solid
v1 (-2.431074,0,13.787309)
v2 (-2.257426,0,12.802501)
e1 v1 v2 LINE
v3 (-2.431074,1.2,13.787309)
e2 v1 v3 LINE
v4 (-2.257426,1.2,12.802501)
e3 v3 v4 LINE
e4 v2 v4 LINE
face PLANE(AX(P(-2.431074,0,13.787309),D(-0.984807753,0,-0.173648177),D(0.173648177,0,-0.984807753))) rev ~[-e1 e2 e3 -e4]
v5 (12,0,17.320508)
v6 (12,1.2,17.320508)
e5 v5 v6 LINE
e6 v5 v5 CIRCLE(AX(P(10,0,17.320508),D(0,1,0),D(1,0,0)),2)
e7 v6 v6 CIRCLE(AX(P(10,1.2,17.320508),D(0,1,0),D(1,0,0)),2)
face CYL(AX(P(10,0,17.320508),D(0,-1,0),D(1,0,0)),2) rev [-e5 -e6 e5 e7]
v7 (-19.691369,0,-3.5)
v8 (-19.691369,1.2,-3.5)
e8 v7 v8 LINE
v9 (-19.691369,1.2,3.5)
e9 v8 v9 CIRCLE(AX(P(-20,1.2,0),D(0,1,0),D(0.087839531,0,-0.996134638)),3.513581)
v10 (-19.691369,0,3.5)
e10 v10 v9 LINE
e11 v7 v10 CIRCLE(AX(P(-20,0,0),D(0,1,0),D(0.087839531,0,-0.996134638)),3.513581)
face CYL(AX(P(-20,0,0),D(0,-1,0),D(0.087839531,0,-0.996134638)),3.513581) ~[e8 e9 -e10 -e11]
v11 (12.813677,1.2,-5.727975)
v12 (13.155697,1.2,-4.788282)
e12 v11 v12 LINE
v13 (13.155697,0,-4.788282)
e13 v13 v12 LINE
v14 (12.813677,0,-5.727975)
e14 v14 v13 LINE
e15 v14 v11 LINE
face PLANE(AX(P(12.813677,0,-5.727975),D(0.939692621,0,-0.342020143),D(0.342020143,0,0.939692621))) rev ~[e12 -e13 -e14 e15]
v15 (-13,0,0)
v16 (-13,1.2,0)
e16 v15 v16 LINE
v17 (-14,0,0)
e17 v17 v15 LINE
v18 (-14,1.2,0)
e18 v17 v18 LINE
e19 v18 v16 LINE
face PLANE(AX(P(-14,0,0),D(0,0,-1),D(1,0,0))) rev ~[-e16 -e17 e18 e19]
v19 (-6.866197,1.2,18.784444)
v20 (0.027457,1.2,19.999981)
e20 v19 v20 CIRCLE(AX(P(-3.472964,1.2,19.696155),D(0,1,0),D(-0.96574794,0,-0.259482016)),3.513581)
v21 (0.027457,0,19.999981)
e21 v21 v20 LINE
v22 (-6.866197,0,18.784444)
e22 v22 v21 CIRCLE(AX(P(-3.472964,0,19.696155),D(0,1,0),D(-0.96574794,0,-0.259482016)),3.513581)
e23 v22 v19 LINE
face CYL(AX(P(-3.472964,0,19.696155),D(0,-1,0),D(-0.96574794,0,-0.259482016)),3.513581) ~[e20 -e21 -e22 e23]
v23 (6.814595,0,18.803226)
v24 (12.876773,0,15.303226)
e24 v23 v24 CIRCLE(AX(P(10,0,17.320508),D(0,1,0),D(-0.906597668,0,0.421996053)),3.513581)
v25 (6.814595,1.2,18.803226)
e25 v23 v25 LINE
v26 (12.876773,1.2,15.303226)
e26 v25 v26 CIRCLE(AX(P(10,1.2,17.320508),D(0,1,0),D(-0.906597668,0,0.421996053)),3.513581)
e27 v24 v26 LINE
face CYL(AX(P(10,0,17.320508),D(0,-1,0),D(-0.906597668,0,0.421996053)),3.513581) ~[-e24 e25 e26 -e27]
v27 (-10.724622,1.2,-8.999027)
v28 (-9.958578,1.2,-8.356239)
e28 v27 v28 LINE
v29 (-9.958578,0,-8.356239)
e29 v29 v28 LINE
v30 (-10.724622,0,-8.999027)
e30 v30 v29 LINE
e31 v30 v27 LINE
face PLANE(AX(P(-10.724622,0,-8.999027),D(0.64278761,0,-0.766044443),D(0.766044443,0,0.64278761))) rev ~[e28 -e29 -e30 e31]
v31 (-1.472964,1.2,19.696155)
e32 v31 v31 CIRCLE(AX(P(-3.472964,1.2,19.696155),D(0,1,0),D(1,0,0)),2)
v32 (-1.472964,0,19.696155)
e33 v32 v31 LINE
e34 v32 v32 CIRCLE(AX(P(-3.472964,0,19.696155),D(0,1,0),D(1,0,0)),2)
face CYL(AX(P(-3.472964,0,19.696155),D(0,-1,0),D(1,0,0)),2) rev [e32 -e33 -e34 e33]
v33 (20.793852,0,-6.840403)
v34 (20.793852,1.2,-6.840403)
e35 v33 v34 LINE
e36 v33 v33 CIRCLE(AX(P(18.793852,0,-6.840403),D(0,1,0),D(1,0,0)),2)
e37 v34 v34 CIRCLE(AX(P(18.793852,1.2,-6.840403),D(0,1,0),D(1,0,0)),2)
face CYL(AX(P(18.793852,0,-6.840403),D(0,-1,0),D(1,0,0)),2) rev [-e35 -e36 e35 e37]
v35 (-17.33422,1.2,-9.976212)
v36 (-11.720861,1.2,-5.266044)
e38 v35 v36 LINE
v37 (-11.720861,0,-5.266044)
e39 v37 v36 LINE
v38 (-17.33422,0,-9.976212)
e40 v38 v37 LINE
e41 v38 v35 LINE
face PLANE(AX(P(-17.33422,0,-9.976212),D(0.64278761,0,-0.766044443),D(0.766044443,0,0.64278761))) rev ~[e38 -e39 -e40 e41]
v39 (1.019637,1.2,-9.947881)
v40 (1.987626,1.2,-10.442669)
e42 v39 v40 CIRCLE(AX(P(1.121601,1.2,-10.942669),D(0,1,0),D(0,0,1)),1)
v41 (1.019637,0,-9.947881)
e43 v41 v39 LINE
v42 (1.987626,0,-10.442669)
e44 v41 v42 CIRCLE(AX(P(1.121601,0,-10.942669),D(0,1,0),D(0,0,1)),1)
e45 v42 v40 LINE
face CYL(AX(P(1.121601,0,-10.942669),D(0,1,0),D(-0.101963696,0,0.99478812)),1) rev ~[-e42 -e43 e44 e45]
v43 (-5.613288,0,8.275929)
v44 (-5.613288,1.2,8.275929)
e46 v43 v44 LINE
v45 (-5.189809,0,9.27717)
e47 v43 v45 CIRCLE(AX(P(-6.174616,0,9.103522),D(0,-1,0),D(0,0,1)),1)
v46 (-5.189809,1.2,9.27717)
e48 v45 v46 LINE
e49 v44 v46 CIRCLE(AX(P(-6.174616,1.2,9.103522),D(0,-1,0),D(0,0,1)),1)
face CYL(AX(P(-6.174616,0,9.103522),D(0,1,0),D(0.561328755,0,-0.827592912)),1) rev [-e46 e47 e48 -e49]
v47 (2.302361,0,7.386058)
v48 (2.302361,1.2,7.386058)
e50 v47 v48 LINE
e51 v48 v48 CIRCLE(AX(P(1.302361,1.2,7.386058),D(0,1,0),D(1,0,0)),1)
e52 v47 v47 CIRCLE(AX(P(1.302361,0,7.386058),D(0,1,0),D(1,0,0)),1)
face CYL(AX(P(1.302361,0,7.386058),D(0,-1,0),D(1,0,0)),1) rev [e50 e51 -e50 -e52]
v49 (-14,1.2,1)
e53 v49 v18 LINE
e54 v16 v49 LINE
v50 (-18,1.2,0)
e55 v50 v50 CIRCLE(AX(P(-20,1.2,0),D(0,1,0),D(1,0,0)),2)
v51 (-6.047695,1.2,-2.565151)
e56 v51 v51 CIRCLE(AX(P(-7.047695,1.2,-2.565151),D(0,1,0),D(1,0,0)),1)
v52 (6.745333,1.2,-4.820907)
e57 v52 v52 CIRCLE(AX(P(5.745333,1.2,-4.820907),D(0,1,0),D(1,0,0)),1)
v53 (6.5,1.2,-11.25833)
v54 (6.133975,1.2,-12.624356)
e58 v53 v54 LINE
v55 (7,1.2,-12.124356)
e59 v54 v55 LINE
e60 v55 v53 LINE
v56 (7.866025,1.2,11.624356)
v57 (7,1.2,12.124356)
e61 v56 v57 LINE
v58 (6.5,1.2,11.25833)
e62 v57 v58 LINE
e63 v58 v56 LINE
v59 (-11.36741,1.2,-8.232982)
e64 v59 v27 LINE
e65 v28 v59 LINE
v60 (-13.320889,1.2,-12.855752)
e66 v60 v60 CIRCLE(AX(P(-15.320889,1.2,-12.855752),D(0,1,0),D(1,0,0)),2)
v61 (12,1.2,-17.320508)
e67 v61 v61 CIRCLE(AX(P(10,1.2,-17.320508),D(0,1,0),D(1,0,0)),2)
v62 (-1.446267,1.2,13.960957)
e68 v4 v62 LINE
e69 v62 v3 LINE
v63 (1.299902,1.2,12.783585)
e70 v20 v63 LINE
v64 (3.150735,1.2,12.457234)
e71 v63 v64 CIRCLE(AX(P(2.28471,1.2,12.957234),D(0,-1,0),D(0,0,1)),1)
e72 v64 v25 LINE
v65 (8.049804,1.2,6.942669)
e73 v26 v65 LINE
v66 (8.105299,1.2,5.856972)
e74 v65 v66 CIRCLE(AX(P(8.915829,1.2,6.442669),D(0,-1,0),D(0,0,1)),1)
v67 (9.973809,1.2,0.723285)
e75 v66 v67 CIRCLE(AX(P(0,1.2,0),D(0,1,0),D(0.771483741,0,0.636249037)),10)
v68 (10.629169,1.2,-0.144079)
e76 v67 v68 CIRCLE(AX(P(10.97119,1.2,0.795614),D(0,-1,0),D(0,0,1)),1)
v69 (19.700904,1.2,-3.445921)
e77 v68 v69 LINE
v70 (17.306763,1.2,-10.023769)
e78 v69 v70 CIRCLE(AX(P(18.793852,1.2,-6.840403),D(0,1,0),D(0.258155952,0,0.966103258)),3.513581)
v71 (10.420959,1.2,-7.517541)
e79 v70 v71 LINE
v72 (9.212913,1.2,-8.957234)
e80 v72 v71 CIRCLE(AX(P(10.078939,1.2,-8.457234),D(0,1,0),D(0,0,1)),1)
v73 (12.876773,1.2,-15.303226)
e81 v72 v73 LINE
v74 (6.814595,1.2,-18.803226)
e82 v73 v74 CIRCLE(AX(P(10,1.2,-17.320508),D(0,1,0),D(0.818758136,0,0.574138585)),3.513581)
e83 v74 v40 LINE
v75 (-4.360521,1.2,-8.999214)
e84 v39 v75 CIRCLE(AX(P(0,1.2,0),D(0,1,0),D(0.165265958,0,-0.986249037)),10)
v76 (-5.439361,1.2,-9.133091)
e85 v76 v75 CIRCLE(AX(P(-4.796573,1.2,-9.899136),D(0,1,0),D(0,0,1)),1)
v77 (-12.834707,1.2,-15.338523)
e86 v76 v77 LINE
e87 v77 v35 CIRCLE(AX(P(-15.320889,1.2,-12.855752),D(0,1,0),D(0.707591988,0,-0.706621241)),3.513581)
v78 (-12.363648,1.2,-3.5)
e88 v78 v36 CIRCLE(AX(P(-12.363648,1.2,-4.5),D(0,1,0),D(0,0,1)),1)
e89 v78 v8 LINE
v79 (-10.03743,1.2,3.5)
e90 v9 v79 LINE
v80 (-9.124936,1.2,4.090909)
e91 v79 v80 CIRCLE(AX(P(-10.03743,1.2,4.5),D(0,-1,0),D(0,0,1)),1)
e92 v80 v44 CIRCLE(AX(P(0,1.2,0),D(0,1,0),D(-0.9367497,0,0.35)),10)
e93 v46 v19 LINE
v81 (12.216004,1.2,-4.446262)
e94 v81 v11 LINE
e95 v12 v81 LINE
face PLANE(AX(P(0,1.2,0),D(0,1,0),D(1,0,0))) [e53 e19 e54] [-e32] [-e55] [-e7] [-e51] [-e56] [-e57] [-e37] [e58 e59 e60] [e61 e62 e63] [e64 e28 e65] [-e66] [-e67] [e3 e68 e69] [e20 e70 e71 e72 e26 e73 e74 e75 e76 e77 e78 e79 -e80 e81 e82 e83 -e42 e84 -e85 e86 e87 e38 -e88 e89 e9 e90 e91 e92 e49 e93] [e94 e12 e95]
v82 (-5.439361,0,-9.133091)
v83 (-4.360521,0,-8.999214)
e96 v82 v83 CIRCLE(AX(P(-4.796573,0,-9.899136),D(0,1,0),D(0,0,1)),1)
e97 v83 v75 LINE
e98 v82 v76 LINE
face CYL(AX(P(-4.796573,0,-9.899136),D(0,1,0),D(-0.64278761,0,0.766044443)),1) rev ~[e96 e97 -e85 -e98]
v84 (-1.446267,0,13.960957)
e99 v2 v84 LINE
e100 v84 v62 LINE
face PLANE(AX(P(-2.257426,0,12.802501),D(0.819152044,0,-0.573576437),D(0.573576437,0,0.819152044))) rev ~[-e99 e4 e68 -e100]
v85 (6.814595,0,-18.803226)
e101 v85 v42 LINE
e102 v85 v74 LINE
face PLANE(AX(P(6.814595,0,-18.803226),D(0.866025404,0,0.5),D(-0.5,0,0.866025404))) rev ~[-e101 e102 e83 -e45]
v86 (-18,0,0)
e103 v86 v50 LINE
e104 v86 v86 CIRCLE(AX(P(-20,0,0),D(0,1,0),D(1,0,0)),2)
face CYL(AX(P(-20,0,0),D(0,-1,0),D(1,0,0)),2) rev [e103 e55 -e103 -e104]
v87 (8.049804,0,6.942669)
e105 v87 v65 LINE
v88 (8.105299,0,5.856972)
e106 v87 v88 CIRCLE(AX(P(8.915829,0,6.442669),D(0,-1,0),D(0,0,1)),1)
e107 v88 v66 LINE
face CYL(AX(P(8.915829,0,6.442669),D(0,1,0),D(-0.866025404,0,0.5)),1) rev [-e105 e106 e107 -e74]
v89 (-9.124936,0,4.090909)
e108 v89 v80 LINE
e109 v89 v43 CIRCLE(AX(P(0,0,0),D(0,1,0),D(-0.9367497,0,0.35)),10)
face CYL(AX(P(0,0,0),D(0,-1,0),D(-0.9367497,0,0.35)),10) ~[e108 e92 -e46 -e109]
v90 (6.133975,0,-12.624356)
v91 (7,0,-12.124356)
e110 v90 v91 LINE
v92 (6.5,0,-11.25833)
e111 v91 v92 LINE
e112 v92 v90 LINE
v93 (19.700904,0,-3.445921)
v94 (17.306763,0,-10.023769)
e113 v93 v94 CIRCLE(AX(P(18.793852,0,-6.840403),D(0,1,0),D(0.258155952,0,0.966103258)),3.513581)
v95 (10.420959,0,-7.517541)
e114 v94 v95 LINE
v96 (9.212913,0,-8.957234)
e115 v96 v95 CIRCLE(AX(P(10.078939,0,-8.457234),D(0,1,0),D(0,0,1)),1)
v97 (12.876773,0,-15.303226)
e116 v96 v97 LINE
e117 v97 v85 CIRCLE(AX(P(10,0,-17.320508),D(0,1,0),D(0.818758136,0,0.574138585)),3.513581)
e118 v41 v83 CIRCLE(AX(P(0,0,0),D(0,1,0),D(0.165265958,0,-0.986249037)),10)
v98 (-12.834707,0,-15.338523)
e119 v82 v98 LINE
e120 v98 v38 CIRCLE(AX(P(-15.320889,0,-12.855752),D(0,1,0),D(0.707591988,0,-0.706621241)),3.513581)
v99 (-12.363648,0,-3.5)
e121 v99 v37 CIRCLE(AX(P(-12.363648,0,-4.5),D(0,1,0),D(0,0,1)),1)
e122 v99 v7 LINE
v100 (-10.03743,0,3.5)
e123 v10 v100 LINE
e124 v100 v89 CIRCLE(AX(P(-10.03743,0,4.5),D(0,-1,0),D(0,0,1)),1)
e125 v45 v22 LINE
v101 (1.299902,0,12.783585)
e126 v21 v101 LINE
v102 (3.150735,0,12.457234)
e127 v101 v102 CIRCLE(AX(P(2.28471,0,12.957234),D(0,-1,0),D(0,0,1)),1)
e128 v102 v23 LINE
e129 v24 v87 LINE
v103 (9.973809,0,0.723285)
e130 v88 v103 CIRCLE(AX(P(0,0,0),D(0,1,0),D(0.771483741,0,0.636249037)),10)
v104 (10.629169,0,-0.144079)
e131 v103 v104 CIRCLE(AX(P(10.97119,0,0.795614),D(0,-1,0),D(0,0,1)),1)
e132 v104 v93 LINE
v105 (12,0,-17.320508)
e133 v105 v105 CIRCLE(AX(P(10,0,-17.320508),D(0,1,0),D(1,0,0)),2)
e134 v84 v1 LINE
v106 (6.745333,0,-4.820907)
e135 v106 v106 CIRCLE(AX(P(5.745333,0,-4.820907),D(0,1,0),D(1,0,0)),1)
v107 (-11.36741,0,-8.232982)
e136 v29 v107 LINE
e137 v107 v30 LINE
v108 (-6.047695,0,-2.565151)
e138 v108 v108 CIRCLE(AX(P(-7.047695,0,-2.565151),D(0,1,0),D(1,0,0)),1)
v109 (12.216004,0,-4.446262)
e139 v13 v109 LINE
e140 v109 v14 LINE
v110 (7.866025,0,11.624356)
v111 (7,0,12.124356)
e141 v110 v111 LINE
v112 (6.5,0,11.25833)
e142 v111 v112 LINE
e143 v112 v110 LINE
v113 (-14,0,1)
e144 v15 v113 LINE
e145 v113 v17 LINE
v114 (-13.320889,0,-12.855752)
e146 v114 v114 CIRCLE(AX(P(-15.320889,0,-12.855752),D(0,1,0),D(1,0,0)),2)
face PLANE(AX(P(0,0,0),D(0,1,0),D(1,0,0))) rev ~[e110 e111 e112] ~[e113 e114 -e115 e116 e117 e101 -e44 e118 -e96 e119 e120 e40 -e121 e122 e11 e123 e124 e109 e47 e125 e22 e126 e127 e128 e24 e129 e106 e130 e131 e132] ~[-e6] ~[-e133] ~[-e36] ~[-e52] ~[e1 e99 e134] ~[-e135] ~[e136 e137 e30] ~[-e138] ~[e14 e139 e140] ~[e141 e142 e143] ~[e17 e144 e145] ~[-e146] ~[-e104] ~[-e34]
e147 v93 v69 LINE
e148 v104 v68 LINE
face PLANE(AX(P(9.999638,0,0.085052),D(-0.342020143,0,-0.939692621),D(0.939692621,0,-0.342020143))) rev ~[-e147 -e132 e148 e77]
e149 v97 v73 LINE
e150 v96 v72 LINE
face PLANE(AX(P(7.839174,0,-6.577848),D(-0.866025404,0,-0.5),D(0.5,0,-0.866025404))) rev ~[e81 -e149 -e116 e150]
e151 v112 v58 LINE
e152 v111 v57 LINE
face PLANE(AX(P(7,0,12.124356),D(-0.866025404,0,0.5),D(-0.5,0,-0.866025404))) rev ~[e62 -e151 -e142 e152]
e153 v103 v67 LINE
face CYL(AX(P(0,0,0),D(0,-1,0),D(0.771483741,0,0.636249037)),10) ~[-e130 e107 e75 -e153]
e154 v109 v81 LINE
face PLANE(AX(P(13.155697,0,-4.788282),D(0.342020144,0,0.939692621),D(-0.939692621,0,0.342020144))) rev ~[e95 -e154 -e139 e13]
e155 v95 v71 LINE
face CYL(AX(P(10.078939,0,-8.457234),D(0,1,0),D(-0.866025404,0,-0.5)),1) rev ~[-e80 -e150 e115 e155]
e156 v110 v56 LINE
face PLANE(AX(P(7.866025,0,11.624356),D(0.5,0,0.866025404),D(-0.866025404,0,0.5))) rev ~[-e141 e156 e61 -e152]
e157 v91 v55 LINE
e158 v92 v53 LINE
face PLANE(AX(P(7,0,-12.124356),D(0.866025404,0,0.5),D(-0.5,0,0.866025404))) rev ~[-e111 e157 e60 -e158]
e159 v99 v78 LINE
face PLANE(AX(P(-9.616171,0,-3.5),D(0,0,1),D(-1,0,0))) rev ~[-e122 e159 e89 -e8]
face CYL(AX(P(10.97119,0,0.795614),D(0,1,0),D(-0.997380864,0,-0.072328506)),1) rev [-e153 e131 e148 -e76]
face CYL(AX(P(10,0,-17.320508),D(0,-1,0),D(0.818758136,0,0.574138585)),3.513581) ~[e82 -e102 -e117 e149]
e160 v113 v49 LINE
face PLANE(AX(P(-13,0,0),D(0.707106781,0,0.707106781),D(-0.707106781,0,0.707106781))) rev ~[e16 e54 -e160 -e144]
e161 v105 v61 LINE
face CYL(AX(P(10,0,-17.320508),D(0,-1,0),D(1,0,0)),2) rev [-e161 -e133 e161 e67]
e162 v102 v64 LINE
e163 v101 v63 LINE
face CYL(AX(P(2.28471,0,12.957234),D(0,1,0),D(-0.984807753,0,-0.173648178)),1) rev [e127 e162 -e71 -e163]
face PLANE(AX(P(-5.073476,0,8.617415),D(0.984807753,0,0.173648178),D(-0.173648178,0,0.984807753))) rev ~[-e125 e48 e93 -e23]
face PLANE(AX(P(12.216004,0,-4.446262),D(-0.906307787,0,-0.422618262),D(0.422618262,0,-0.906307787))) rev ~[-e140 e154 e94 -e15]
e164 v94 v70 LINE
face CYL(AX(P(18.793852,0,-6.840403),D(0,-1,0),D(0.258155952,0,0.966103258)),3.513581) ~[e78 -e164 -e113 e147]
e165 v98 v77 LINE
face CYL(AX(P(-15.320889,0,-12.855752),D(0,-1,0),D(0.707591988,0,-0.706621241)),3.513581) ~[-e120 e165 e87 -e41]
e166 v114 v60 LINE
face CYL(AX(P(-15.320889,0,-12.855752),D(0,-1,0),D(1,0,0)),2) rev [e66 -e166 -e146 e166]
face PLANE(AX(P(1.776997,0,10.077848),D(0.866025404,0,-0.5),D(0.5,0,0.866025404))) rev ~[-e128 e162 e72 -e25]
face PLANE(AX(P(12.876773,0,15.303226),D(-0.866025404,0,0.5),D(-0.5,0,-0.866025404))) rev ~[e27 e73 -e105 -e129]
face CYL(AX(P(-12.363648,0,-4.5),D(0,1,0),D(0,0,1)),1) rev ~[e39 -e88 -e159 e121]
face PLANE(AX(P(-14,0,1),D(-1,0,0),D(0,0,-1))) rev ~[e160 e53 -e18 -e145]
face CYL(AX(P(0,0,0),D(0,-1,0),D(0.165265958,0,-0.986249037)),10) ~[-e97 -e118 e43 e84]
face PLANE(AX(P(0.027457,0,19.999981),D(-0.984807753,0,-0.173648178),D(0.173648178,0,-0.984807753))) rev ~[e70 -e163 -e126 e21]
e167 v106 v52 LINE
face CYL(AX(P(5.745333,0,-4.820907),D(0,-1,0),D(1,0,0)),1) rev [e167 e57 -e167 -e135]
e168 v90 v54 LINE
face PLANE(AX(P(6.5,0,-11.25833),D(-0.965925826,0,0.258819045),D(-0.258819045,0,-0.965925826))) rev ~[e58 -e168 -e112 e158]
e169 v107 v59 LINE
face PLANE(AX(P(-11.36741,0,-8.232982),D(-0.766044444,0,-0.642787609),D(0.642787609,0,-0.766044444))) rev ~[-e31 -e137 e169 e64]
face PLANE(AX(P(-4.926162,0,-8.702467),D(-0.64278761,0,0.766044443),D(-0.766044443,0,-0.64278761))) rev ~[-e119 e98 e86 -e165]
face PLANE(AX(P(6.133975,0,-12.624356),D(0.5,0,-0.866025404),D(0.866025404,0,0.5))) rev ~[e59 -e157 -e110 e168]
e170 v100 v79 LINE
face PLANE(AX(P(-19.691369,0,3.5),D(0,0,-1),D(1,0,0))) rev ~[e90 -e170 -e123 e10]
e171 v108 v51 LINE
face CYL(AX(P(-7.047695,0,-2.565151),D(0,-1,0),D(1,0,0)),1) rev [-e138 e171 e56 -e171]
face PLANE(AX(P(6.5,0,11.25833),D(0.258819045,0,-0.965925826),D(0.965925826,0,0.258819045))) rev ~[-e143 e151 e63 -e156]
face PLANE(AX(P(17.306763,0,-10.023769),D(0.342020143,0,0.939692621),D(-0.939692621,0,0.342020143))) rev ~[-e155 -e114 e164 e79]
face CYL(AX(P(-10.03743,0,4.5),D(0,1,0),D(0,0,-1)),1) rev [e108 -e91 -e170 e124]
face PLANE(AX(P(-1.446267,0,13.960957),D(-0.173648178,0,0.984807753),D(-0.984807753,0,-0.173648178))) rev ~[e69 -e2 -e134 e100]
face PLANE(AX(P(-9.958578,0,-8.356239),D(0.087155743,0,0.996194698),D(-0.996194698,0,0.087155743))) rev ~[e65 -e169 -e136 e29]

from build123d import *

# Parameters (mm, degrees)
SKETCH1_R           = 2
SKETCH1_R_2         = 1
BOSS_EXTRUDE1_DEPTH = 1.2
FILLET1_R           = 1


with BuildPart() as part:
    # Sketch1 → Boss-Extrude1 (new body)
    with BuildSketch(Plane(origin=(0, 0, 0), x_dir=(1, 0, 0), z_dir=(0, 1, 0))):
        with BuildLine():
            ThreePointArc((-19.691368668, 3.5), (-23.513581264, 0), (-19.691368668, -3.5))
            Line((-19.691368668, -3.5), (-9.367496998, -3.5))
            ThreePointArc((-9.367496998, -3.5), (-7.660444431, -6.427876097), (-5.073475918, -8.617415048))
            Line((-5.073475918, -8.617415048), (-6.86619742, -18.784443909))
            ThreePointArc((-6.86619742, -18.784443909), (-4.083090537, -23.15635713), (0.027456851, -19.999981153))
            Line((0.027456851, -19.999981153), (1.776996571, -10.077848346))
            Line((1.776996571, -10.077848346), (6.814595421, -18.803225501))
            ThreePointArc((6.814595421, -18.803225501), (11.756790632, -20.363358709), (12.876773247, -15.303225501))
            Line((12.876773247, -15.303225501), (7.714837412, -6.36249037))
            ThreePointArc((7.714837412, -6.36249037), (9.396926208, -3.420201433), (9.999638306, -0.085051507))
            Line((9.999638306, -0.085051507), (19.700904332, 3.445920561))
            ThreePointArc((19.700904332, 3.445920561), (22.095538802, 8.042118434), (17.306763328, 10.023768907))
            Line((17.306763328, 10.023768907), (7.839174397, 6.577848346))
            Line((7.839174397, 6.577848346), (12.876773247, 15.303225501))
            ThreePointArc((12.876773247, 15.303225501), (11.756790632, 20.363358709), (6.814595421, 18.803225501))
            Line((6.814595421, 18.803225501), (1.652659586, 9.86249037))
            ThreePointArc((1.652659586, 9.86249037), (-1.736481777, 9.84807753), (-4.926162387, 8.702466555))
            Line((-4.926162387, 8.702466555), (-12.834706911, 15.338523348))
            ThreePointArc((-12.834706911, 15.338523348), (-18.012448265, 15.114238696), (-17.334220179, 9.976212246))
            Line((-17.334220179, 9.976212246), (-9.616170968, 3.5))
            Line((-9.616170968, 3.5), (-19.691368668, 3.5))
        make_face()
        with Locations((-20, 0)):
            Circle(SKETCH1_R, mode=Mode.SUBTRACT)
        Polygon((-14, -1), (-14, 0), (-13, 0), align=None, mode=Mode.SUBTRACT)
        with Locations((5.745333323, 4.820907073)):
            Circle(SKETCH1_R_2, mode=Mode.SUBTRACT)
        with Locations((1.302361333, -7.386058148)):
            Circle(SKETCH1_R_2, mode=Mode.SUBTRACT)
        with Locations((-7.047694656, 2.565151075)):
            Circle(SKETCH1_R_2, mode=Mode.SUBTRACT)
        Polygon((-2.25742631, -12.802500789), (-1.446266734, -13.96095672), (-2.431074487, -13.787308542), align=None, mode=Mode.SUBTRACT)
        with Locations((-3.472963553, -19.69615506)):
            Circle(SKETCH1_R, mode=Mode.SUBTRACT)
        with Locations((-15.320888862, 12.855752194)):
            Circle(SKETCH1_R, mode=Mode.SUBTRACT)
        Polygon((-10.724622204, 8.999026536), (-9.958577761, 8.356238926), (-11.367409813, 8.232982092), align=None, mode=Mode.SUBTRACT)
        Polygon((7, -12.124355653), (6.5, -11.258330249), (7.866025404, -11.624355653), align=None, mode=Mode.SUBTRACT)
        with Locations((10, -17.320508076)):
            Circle(SKETCH1_R, mode=Mode.SUBTRACT)
        with Locations((10, 17.320508076)):
            Circle(SKETCH1_R, mode=Mode.SUBTRACT)
        Polygon((6.133974596, 12.624355653), (7, 12.124355653), (6.5, 11.258330249), align=None, mode=Mode.SUBTRACT)
        with Locations((18.793852416, 6.840402867)):
            Circle(SKETCH1_R, mode=Mode.SUBTRACT)
        Polygon((13.155696691, 4.788282007), (12.21600407, 4.446261863), (12.813676548, 5.727974627), align=None, mode=Mode.SUBTRACT)
    extrude(amount=BOSS_EXTRUDE1_DEPTH)

    # Fillet1
    fillet1_edges = [part.edges().sort_by_distance(p)[0] for p in [
        (17.306763328, 0.6, -10.023768907),
        (19.700904332, 0.6, -3.445920561),
        (9.999638306, 0.6, 0.085051507),
        (7.714837412, 0.6, 6.36249037),
        (12.876773247, 0.6, 15.303225501),
        (6.814595421, 0.6, 18.803225501),
        (1.776996571, 0.6, 10.077848346),
        (0.027456851, 0.6, 19.999981153),
        (-6.86619742, 0.6, 18.784443909),
        (-5.073475918, 0.6, 8.617415048),
        (-9.367496998, 0.6, 3.5),
        (-19.691368668, 0.6, 3.5),
        (-19.691368668, 0.6, -3.5),
        (-9.616170968, 0.6, -3.5),
        (-17.334220179, 0.6, -9.976212246),
        (-12.834706911, 0.6, -15.338523348),
        (-4.926162387, 0.6, -8.702466555),
        (1.652659586, 0.6, -9.86249037),
        (6.814595421, 0.6, -18.803225501),
        (12.876773247, 0.6, -15.303225501),
        (7.839174397, 0.6, -6.577848346),
    ]]
    fillet(fillet1_edges, radius=FILLET1_R)


solid = part.part
